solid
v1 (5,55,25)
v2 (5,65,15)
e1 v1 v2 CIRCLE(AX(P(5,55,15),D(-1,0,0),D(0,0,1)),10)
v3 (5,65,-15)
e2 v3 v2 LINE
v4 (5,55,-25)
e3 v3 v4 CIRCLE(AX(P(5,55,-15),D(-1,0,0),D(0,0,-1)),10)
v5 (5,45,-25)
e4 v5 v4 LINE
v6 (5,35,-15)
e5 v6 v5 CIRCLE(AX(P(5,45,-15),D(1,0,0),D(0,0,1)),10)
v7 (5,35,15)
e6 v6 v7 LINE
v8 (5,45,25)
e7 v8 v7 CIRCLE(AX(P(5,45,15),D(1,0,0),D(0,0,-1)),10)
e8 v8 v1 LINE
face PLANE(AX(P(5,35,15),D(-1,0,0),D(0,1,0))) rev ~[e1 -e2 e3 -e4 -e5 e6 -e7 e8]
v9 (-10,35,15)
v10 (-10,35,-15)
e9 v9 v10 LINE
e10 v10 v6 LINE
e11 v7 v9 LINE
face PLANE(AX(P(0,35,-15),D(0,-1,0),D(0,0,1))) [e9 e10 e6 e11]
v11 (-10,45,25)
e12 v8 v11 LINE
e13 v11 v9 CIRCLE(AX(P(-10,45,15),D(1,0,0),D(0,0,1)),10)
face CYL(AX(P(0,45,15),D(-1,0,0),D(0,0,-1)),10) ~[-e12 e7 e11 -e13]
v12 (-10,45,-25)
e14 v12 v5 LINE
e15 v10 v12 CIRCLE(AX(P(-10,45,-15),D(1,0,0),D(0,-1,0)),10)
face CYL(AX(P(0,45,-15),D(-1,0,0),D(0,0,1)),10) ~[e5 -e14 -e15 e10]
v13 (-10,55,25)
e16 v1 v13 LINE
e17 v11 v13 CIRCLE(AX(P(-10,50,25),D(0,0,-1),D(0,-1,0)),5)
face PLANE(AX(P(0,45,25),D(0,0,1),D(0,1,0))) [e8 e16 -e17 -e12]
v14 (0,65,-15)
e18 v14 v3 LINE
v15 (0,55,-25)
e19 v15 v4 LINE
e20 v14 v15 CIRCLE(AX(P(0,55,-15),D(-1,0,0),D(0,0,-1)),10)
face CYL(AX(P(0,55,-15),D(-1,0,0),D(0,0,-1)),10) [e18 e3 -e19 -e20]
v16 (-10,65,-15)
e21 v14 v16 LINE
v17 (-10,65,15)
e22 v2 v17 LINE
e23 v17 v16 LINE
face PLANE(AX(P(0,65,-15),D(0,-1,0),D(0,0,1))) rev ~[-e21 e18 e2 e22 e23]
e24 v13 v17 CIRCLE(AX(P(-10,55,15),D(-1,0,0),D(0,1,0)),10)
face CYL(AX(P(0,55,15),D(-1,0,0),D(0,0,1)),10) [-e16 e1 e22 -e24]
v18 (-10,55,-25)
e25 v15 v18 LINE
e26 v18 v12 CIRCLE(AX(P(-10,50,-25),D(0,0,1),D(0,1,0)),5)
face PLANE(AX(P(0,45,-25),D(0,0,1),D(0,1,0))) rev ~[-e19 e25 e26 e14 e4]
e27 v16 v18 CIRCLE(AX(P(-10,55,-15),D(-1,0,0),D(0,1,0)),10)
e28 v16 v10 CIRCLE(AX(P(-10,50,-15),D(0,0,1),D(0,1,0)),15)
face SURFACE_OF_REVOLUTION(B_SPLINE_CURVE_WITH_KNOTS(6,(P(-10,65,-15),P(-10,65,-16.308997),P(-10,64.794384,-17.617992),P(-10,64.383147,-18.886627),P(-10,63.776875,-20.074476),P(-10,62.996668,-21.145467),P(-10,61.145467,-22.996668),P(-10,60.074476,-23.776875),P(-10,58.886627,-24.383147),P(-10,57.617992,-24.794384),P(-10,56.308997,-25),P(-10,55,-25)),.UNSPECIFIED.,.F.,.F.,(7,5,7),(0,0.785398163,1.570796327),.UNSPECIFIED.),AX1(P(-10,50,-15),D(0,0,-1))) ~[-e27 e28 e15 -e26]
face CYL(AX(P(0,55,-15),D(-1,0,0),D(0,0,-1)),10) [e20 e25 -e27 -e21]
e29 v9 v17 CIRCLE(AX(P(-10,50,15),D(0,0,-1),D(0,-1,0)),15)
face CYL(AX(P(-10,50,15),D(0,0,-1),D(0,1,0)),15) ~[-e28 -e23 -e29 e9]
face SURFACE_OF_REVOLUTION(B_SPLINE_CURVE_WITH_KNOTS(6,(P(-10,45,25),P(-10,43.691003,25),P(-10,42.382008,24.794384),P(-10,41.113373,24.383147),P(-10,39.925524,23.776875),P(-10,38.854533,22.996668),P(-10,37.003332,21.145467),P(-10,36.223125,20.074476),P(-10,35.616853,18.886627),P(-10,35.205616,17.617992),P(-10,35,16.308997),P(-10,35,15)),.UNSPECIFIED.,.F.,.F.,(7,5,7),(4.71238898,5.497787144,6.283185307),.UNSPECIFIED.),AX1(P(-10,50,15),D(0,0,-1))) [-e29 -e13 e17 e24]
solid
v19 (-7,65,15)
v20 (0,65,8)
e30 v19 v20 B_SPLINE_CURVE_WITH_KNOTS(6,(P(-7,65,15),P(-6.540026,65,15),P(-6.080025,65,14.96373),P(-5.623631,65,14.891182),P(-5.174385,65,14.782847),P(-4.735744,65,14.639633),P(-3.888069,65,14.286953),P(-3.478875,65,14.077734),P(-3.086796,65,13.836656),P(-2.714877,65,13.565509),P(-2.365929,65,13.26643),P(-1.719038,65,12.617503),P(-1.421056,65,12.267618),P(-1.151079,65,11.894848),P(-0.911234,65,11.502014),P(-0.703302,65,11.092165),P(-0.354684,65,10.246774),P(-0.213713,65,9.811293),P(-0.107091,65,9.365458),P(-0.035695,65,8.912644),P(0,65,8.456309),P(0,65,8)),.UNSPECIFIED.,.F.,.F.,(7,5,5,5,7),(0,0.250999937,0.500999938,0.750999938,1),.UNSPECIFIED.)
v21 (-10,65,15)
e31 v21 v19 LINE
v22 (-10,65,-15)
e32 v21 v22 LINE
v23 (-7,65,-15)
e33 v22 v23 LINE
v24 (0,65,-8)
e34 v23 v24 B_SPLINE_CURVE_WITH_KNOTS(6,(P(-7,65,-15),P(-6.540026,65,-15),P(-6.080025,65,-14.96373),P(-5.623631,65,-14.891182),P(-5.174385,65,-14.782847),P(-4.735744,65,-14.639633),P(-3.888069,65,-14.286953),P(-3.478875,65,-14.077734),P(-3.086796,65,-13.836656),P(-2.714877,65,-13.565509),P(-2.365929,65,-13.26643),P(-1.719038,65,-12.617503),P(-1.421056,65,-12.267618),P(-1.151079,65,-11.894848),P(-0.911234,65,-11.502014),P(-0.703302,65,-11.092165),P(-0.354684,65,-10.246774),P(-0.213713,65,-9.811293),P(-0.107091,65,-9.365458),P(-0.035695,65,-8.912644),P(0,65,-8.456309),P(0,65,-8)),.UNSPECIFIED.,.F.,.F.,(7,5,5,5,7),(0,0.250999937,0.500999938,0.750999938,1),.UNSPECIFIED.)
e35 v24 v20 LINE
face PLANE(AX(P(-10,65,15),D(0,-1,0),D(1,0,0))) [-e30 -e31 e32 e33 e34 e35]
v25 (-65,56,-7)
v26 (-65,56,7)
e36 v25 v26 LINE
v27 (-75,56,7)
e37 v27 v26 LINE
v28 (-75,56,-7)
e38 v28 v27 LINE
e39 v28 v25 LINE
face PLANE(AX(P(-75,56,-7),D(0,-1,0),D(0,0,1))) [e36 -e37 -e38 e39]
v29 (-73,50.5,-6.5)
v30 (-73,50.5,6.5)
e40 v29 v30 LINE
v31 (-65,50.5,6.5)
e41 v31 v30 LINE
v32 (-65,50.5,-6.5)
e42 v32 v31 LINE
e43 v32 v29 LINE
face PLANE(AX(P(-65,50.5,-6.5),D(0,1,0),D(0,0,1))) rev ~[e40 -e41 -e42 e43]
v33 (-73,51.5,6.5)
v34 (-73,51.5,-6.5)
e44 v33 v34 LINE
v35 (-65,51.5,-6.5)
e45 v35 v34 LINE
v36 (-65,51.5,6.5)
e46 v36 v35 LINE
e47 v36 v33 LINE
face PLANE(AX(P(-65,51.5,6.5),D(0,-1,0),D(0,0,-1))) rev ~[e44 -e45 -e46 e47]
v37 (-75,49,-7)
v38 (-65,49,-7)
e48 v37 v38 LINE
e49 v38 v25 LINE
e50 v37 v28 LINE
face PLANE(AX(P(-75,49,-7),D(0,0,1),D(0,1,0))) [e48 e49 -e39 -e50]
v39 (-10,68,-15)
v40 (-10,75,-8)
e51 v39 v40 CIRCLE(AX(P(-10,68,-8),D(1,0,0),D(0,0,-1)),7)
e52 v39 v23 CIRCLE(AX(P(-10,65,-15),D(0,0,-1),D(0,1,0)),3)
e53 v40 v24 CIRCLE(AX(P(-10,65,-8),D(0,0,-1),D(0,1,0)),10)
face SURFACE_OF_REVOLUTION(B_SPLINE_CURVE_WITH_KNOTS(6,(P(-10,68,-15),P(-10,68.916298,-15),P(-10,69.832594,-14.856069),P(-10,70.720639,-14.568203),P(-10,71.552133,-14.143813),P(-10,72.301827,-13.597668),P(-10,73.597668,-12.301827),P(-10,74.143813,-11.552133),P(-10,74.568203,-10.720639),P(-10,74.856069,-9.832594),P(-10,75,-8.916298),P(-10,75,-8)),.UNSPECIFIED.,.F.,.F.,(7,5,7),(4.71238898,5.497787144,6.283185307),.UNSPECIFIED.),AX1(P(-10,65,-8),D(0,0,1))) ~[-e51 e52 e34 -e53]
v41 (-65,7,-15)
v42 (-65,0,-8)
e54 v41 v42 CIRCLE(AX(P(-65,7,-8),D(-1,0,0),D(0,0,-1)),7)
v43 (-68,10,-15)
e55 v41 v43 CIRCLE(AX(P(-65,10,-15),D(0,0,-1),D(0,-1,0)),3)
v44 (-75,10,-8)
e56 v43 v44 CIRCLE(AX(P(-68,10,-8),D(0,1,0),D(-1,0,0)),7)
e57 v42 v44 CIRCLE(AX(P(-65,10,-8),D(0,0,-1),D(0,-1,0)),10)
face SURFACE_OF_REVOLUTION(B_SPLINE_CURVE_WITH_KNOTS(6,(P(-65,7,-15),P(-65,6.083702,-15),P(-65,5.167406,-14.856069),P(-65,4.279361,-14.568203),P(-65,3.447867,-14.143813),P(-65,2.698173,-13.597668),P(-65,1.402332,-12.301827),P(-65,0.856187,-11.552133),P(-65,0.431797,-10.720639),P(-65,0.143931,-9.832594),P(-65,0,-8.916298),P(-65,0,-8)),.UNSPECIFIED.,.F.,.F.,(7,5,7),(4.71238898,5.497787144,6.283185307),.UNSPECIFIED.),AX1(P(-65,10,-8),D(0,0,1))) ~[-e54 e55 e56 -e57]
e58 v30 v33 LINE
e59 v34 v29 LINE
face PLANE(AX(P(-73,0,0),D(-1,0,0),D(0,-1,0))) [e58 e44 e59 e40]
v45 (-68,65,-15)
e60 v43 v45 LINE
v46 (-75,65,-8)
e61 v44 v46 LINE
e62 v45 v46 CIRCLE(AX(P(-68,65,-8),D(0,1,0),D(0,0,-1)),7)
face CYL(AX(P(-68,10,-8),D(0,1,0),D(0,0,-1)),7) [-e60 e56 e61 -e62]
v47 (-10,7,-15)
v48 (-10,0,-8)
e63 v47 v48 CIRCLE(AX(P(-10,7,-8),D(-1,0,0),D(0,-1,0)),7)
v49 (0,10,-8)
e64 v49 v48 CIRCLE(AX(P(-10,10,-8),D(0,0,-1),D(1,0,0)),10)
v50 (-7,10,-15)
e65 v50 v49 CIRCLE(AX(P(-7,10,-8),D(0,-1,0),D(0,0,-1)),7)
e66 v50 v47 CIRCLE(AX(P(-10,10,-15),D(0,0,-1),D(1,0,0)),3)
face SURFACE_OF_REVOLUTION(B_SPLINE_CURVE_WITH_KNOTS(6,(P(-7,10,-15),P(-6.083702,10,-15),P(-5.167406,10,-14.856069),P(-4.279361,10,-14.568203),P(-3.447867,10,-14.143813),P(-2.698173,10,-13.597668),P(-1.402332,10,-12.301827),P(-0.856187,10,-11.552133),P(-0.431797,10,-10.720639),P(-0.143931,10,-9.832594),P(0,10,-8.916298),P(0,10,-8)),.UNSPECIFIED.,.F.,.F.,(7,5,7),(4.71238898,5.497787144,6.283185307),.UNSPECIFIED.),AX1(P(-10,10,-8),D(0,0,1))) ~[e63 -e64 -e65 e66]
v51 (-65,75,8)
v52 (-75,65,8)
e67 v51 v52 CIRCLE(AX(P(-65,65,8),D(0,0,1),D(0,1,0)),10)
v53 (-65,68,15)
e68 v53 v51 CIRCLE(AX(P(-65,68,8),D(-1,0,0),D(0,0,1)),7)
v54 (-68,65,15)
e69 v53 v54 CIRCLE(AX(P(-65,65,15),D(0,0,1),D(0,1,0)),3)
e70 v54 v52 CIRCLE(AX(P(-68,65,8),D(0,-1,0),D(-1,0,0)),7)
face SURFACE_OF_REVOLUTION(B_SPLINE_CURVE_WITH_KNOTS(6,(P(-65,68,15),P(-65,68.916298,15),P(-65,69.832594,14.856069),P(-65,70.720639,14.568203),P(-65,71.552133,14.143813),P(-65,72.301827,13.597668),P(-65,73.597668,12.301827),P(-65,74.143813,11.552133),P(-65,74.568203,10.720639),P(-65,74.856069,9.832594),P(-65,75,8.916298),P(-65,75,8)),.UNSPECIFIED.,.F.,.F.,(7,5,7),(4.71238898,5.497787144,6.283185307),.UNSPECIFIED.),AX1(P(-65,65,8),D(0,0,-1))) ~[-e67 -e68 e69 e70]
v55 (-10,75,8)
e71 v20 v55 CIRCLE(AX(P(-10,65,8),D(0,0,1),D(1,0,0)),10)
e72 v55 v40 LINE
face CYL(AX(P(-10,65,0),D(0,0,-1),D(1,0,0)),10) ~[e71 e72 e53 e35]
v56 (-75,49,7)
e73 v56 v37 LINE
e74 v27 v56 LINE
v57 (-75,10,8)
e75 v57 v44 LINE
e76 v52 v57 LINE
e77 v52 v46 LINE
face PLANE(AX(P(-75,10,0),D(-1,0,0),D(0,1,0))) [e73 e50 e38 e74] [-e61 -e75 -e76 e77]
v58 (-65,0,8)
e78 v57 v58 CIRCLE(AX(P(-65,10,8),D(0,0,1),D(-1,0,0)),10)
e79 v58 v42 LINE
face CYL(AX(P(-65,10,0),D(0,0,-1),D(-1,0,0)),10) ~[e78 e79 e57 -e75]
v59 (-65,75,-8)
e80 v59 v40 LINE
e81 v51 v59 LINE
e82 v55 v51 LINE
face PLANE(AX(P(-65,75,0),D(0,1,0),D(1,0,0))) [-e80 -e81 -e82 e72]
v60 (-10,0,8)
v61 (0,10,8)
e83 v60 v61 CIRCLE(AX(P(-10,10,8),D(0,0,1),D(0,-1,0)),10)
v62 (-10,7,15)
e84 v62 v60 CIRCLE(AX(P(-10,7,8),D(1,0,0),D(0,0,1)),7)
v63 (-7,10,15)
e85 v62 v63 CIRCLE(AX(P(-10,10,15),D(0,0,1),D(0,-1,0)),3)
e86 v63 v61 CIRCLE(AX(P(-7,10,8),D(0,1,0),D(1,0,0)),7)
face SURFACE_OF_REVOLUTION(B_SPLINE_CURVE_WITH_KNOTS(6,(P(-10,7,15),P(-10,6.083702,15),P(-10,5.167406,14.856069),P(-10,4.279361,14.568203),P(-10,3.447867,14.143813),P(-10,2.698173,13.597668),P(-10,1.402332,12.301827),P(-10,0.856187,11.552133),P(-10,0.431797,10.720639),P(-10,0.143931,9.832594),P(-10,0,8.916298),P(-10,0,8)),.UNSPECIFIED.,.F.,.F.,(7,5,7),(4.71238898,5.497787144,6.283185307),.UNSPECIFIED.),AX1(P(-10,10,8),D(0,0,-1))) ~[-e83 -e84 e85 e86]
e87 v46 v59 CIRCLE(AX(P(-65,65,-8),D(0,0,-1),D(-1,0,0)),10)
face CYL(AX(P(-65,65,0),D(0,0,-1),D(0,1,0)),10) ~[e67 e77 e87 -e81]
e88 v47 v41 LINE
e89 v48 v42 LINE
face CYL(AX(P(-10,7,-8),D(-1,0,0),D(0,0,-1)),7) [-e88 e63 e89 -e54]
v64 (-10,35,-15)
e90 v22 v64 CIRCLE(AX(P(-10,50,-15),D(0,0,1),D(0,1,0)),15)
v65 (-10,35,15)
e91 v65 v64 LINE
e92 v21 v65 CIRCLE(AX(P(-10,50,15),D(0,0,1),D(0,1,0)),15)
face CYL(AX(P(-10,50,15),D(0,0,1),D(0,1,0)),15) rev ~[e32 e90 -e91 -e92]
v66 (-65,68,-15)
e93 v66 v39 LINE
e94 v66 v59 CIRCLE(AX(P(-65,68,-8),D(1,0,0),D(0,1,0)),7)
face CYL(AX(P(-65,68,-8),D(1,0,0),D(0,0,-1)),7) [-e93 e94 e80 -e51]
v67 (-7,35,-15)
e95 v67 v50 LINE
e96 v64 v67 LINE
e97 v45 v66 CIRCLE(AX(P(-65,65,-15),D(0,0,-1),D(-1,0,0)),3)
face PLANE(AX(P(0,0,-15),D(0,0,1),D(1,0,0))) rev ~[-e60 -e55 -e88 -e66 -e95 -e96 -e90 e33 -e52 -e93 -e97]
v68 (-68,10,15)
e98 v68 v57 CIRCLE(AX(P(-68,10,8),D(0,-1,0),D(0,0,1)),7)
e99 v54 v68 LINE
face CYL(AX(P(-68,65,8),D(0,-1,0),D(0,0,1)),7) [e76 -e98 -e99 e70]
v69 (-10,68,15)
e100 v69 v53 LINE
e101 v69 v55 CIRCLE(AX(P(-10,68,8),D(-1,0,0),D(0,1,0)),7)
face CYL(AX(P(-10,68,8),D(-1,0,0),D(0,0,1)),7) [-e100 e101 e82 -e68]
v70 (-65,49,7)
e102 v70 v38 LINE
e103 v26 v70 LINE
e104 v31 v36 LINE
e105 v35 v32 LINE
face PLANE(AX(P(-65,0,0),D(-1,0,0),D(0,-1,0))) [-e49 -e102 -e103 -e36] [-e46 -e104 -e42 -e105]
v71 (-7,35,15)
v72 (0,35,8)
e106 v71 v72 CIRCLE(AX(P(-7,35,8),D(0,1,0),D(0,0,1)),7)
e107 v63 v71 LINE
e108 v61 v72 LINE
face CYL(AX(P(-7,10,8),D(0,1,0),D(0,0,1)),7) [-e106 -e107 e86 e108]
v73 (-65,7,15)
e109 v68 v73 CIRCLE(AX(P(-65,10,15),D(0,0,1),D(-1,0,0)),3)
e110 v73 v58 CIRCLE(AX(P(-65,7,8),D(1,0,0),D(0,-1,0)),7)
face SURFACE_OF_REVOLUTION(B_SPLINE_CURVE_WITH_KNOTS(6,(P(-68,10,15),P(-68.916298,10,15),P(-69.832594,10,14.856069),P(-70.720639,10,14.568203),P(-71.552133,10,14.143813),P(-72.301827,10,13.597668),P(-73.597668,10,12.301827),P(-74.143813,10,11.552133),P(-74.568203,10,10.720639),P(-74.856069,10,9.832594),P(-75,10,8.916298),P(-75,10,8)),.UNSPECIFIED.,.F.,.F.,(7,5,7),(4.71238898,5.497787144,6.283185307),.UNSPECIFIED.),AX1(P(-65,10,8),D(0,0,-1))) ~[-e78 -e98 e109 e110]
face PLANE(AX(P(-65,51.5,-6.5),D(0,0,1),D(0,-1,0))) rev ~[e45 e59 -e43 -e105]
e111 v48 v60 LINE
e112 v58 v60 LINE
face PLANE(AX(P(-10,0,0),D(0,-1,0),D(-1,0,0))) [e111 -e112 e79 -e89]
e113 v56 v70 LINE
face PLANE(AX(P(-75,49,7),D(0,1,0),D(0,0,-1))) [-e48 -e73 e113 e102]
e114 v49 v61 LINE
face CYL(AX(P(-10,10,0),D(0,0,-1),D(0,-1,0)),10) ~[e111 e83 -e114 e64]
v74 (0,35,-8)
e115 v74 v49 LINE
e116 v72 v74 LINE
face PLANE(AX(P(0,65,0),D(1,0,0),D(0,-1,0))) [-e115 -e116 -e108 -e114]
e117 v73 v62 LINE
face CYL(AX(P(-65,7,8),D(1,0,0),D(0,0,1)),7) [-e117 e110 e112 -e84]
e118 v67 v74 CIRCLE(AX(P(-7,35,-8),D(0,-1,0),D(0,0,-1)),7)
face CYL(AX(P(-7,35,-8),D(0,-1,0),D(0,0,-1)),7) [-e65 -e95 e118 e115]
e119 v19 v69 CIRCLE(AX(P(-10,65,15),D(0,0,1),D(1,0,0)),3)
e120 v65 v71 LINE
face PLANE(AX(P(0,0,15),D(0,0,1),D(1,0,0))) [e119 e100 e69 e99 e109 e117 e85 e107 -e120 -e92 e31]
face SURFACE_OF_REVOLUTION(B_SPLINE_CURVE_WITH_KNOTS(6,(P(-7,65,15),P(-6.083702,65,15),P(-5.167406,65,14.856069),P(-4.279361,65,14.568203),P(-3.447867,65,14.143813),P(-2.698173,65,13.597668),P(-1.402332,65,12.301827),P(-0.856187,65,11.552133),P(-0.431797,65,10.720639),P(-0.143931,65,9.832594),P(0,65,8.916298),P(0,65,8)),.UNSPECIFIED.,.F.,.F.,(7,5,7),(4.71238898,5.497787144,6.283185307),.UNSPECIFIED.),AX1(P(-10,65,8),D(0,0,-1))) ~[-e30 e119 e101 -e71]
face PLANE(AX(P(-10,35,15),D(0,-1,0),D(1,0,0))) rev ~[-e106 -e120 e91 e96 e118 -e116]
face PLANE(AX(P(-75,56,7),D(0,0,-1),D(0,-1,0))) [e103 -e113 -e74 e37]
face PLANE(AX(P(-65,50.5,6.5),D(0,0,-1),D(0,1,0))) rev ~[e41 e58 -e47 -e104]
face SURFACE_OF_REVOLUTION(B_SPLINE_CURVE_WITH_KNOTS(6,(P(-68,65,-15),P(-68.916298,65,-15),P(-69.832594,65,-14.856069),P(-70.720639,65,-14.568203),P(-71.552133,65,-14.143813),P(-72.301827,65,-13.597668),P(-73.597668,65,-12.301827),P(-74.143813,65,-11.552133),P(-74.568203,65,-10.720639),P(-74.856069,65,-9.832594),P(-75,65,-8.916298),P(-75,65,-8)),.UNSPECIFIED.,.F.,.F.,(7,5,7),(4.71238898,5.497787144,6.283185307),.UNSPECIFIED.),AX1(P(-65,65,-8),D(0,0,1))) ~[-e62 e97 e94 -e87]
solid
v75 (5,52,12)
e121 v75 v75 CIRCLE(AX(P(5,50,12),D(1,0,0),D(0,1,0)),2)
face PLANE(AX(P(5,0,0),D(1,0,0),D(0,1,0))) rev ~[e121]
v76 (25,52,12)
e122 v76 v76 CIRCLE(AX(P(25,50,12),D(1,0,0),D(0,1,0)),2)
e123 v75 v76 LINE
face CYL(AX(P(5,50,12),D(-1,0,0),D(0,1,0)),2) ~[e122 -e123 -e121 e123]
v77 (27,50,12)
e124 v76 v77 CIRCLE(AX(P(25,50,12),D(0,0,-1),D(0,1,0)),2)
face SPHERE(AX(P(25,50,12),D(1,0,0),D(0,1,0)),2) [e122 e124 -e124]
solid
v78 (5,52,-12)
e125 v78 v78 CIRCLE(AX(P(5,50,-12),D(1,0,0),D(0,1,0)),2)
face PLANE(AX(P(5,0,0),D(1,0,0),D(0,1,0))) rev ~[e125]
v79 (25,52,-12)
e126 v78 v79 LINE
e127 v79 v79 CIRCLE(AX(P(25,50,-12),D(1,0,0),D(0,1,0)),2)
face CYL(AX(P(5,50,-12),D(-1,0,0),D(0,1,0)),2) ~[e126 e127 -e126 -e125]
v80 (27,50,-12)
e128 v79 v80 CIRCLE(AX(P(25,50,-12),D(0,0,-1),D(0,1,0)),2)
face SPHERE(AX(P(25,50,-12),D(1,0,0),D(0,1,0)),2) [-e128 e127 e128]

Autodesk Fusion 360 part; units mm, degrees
sketch "Sketch1" plane through (0, 0, 0) normal (0, 0, 1) x (1, 0, 0)
  line L0 (-10, 0) -> (-65, 0)
  line L1 (-75, 10) -> (-75, 65)
  line L2 (-65, 75) -> (-10, 75)
  line L3 (0, 65) -> (0, 10)
  arc A0 (-10, 0) -> (0, 10) centre (-10, 10) ccw
  arc A1 (-75, 10) -> (-65, 0) centre (-65, 10) ccw
  arc A2 (-65, 75) -> (-75, 65) centre (-65, 65) ccw
  arc A3 (0, 65) -> (-10, 75) centre (-10, 65) ccw
  dimension "d1" = 10
extrude "Extrude1" add sketch "Sketch1" along normal mid plane 30 makes body 1
sketch "Sketch3" plane through (0, 0, 15) normal (0, 0, 1) x (-1, 0, 0)
  arc A0 (10, 0) -> (0, -10) centre (10, -10) ccw
  line L0 (0, -10) -> (0, -65)
  arc A1 (0, -65) -> (10, -75) centre (10, -65) ccw
  line L1 (10, -75) -> (65, -75)
  arc A2 (65, -75) -> (75, -65) centre (65, -65) ccw
  line L2 (75, -65) -> (75, -10)
  arc A3 (75, -10) -> (65, 0) centre (65, -10) ccw
  line L3 (65, 0) -> (10, 0)
  line L4 (10, -65) -> (0, -65)
  line L5 (10, -35) -> (0, -35)
  line L6 (0, -35) -> (0, -65)
  arc A4 (10, -65) -> (10, -35) centre (10, -50) ccw
extrude "Extrude4" cut sketch "Sketch3" against normal blind 45 contours L0 L4 L5 L6 A4 bodies 1
extrude "Extrude5" add sketch "Sketch3" along normal blind 10 and the other way blind 40 separate body contours L0 L4 L5 L6 A4 makes body 2
fillet "Fillet2" radius 10 3 edges at (-5, 65, 25) (-25, 50, 25) (-5, 35, 25) on bodies 2
fillet "Fillet3" radius 10 3 edges at (-5, 35, -25) (-25, 50, -25) (-5, 65, -25) on bodies 2
extrude "Extrude6" add 1 faces at (0, 45, -5) along direction (1, 0, 0) blind 5 on bodies 2 bodies 2
sketch "Sketch4" plane through (5, 0, 0) normal (1, 0, 0) x (0, 1, 0)
  arc A0 (55, -25) -> (65, -15) centre (55, -15) ccw
  line L0 (65, -15) -> (65, 15)
  arc A1 (65, 15) -> (55, 25) centre (55, 15) ccw
  line L1 (55, 25) -> (45, 25)
  arc A2 (45, 25) -> (35, 15) centre (45, 15) ccw
  line L2 (35, 15) -> (35, -15)
  arc A3 (35, -15) -> (45, -25) centre (45, -15) ccw
  line L3 (45, -25) -> (55, -25)
  circle A4 centre (50, 12) radius 2
  circle A5 centre (50, -12) radius 2
extrude "Extrude7" add sketch "Sketch4" along normal blind 22 separate body contours A4 | A5 makes body 3 at (19.6667, 50.637, 13.8959) makes body 4 at (19.6667, 50.637, -10.1041)
fillet "Fillet4" radius 2 2 edges at (27, 48.1353, 11.2768) (27, 48.1353, -12.7232) on bodies 3 4
fillet "Fillet5" radius 7 16 edges at (-2.9289, 72.0711, 15) (-37.5, 75, 15) (-72.0711, 72.0711, 15) (-75, 37.5, 15) (-72.0711, 2.9289, 15) (-37.5, 0, 15) (-2.9289, 2.9289, 15) (0, 22.5, 15) (0, 22.5, -15) (-2.9289, 2.9289, -15) (-37.5, 0, -15) (-72.0711, 2.9289, -15) (-75, 37.5, -15) (-72.0711, 72.0711, -15) (-37.5, 75, -15) (-2.9289, 72.0711, -15) on bodies 1
sketch "Sketch5" plane through (-75, 0, 0) normal (-1, 0, 0) x (0, -1, 0)
  line L0 (-65, -8) -> (-10, -8)
  line L1 (-10, -8) -> (-10, 8)
  line L2 (-10, 8) -> (-65, 8)
  line L3 (-65, 8) -> (-65, -8)
  line L4 (-56, 7) -> (-49, 7)
  line L5 (-49, 7) -> (-49, -7)
  line L6 (-49, -7) -> (-56, -7)
  line L7 (-56, -7) -> (-56, 7)
extrude "Extrude8" cut sketch "Sketch5" against normal blind 10 contours L4 L5 L6 L7 bodies 1
sketch "Sketch6" plane through (-65, 0, 0) normal (-1, 0, 0) x (0, -1, 0)
  line L0 (-56, -7) -> (-49, -7)
  line L1 (-49, -7) -> (-49, 7)
  line L2 (-49, 7) -> (-56, 7)
  line L3 (-56, 7) -> (-56, -7)
  line L4 (-50.5, 6.5) -> (-51.5, 6.5)
  line L5 (-51.5, 6.5) -> (-51.5, -6.5)
  line L6 (-51.5, -6.5) -> (-50.5, -6.5)
  line L7 (-50.5, -6.5) -> (-50.5, 6.5)
extrude "Extrude9" add sketch "Sketch6" along normal blind 10 contours L4 L5 L6 L7 bodies 1
extrude "Extrude10" cut 1 faces at (-75, 51.1667, 2.1667) along direction (1, 0, 0) blind 2 on bodies 1 bodies 1
